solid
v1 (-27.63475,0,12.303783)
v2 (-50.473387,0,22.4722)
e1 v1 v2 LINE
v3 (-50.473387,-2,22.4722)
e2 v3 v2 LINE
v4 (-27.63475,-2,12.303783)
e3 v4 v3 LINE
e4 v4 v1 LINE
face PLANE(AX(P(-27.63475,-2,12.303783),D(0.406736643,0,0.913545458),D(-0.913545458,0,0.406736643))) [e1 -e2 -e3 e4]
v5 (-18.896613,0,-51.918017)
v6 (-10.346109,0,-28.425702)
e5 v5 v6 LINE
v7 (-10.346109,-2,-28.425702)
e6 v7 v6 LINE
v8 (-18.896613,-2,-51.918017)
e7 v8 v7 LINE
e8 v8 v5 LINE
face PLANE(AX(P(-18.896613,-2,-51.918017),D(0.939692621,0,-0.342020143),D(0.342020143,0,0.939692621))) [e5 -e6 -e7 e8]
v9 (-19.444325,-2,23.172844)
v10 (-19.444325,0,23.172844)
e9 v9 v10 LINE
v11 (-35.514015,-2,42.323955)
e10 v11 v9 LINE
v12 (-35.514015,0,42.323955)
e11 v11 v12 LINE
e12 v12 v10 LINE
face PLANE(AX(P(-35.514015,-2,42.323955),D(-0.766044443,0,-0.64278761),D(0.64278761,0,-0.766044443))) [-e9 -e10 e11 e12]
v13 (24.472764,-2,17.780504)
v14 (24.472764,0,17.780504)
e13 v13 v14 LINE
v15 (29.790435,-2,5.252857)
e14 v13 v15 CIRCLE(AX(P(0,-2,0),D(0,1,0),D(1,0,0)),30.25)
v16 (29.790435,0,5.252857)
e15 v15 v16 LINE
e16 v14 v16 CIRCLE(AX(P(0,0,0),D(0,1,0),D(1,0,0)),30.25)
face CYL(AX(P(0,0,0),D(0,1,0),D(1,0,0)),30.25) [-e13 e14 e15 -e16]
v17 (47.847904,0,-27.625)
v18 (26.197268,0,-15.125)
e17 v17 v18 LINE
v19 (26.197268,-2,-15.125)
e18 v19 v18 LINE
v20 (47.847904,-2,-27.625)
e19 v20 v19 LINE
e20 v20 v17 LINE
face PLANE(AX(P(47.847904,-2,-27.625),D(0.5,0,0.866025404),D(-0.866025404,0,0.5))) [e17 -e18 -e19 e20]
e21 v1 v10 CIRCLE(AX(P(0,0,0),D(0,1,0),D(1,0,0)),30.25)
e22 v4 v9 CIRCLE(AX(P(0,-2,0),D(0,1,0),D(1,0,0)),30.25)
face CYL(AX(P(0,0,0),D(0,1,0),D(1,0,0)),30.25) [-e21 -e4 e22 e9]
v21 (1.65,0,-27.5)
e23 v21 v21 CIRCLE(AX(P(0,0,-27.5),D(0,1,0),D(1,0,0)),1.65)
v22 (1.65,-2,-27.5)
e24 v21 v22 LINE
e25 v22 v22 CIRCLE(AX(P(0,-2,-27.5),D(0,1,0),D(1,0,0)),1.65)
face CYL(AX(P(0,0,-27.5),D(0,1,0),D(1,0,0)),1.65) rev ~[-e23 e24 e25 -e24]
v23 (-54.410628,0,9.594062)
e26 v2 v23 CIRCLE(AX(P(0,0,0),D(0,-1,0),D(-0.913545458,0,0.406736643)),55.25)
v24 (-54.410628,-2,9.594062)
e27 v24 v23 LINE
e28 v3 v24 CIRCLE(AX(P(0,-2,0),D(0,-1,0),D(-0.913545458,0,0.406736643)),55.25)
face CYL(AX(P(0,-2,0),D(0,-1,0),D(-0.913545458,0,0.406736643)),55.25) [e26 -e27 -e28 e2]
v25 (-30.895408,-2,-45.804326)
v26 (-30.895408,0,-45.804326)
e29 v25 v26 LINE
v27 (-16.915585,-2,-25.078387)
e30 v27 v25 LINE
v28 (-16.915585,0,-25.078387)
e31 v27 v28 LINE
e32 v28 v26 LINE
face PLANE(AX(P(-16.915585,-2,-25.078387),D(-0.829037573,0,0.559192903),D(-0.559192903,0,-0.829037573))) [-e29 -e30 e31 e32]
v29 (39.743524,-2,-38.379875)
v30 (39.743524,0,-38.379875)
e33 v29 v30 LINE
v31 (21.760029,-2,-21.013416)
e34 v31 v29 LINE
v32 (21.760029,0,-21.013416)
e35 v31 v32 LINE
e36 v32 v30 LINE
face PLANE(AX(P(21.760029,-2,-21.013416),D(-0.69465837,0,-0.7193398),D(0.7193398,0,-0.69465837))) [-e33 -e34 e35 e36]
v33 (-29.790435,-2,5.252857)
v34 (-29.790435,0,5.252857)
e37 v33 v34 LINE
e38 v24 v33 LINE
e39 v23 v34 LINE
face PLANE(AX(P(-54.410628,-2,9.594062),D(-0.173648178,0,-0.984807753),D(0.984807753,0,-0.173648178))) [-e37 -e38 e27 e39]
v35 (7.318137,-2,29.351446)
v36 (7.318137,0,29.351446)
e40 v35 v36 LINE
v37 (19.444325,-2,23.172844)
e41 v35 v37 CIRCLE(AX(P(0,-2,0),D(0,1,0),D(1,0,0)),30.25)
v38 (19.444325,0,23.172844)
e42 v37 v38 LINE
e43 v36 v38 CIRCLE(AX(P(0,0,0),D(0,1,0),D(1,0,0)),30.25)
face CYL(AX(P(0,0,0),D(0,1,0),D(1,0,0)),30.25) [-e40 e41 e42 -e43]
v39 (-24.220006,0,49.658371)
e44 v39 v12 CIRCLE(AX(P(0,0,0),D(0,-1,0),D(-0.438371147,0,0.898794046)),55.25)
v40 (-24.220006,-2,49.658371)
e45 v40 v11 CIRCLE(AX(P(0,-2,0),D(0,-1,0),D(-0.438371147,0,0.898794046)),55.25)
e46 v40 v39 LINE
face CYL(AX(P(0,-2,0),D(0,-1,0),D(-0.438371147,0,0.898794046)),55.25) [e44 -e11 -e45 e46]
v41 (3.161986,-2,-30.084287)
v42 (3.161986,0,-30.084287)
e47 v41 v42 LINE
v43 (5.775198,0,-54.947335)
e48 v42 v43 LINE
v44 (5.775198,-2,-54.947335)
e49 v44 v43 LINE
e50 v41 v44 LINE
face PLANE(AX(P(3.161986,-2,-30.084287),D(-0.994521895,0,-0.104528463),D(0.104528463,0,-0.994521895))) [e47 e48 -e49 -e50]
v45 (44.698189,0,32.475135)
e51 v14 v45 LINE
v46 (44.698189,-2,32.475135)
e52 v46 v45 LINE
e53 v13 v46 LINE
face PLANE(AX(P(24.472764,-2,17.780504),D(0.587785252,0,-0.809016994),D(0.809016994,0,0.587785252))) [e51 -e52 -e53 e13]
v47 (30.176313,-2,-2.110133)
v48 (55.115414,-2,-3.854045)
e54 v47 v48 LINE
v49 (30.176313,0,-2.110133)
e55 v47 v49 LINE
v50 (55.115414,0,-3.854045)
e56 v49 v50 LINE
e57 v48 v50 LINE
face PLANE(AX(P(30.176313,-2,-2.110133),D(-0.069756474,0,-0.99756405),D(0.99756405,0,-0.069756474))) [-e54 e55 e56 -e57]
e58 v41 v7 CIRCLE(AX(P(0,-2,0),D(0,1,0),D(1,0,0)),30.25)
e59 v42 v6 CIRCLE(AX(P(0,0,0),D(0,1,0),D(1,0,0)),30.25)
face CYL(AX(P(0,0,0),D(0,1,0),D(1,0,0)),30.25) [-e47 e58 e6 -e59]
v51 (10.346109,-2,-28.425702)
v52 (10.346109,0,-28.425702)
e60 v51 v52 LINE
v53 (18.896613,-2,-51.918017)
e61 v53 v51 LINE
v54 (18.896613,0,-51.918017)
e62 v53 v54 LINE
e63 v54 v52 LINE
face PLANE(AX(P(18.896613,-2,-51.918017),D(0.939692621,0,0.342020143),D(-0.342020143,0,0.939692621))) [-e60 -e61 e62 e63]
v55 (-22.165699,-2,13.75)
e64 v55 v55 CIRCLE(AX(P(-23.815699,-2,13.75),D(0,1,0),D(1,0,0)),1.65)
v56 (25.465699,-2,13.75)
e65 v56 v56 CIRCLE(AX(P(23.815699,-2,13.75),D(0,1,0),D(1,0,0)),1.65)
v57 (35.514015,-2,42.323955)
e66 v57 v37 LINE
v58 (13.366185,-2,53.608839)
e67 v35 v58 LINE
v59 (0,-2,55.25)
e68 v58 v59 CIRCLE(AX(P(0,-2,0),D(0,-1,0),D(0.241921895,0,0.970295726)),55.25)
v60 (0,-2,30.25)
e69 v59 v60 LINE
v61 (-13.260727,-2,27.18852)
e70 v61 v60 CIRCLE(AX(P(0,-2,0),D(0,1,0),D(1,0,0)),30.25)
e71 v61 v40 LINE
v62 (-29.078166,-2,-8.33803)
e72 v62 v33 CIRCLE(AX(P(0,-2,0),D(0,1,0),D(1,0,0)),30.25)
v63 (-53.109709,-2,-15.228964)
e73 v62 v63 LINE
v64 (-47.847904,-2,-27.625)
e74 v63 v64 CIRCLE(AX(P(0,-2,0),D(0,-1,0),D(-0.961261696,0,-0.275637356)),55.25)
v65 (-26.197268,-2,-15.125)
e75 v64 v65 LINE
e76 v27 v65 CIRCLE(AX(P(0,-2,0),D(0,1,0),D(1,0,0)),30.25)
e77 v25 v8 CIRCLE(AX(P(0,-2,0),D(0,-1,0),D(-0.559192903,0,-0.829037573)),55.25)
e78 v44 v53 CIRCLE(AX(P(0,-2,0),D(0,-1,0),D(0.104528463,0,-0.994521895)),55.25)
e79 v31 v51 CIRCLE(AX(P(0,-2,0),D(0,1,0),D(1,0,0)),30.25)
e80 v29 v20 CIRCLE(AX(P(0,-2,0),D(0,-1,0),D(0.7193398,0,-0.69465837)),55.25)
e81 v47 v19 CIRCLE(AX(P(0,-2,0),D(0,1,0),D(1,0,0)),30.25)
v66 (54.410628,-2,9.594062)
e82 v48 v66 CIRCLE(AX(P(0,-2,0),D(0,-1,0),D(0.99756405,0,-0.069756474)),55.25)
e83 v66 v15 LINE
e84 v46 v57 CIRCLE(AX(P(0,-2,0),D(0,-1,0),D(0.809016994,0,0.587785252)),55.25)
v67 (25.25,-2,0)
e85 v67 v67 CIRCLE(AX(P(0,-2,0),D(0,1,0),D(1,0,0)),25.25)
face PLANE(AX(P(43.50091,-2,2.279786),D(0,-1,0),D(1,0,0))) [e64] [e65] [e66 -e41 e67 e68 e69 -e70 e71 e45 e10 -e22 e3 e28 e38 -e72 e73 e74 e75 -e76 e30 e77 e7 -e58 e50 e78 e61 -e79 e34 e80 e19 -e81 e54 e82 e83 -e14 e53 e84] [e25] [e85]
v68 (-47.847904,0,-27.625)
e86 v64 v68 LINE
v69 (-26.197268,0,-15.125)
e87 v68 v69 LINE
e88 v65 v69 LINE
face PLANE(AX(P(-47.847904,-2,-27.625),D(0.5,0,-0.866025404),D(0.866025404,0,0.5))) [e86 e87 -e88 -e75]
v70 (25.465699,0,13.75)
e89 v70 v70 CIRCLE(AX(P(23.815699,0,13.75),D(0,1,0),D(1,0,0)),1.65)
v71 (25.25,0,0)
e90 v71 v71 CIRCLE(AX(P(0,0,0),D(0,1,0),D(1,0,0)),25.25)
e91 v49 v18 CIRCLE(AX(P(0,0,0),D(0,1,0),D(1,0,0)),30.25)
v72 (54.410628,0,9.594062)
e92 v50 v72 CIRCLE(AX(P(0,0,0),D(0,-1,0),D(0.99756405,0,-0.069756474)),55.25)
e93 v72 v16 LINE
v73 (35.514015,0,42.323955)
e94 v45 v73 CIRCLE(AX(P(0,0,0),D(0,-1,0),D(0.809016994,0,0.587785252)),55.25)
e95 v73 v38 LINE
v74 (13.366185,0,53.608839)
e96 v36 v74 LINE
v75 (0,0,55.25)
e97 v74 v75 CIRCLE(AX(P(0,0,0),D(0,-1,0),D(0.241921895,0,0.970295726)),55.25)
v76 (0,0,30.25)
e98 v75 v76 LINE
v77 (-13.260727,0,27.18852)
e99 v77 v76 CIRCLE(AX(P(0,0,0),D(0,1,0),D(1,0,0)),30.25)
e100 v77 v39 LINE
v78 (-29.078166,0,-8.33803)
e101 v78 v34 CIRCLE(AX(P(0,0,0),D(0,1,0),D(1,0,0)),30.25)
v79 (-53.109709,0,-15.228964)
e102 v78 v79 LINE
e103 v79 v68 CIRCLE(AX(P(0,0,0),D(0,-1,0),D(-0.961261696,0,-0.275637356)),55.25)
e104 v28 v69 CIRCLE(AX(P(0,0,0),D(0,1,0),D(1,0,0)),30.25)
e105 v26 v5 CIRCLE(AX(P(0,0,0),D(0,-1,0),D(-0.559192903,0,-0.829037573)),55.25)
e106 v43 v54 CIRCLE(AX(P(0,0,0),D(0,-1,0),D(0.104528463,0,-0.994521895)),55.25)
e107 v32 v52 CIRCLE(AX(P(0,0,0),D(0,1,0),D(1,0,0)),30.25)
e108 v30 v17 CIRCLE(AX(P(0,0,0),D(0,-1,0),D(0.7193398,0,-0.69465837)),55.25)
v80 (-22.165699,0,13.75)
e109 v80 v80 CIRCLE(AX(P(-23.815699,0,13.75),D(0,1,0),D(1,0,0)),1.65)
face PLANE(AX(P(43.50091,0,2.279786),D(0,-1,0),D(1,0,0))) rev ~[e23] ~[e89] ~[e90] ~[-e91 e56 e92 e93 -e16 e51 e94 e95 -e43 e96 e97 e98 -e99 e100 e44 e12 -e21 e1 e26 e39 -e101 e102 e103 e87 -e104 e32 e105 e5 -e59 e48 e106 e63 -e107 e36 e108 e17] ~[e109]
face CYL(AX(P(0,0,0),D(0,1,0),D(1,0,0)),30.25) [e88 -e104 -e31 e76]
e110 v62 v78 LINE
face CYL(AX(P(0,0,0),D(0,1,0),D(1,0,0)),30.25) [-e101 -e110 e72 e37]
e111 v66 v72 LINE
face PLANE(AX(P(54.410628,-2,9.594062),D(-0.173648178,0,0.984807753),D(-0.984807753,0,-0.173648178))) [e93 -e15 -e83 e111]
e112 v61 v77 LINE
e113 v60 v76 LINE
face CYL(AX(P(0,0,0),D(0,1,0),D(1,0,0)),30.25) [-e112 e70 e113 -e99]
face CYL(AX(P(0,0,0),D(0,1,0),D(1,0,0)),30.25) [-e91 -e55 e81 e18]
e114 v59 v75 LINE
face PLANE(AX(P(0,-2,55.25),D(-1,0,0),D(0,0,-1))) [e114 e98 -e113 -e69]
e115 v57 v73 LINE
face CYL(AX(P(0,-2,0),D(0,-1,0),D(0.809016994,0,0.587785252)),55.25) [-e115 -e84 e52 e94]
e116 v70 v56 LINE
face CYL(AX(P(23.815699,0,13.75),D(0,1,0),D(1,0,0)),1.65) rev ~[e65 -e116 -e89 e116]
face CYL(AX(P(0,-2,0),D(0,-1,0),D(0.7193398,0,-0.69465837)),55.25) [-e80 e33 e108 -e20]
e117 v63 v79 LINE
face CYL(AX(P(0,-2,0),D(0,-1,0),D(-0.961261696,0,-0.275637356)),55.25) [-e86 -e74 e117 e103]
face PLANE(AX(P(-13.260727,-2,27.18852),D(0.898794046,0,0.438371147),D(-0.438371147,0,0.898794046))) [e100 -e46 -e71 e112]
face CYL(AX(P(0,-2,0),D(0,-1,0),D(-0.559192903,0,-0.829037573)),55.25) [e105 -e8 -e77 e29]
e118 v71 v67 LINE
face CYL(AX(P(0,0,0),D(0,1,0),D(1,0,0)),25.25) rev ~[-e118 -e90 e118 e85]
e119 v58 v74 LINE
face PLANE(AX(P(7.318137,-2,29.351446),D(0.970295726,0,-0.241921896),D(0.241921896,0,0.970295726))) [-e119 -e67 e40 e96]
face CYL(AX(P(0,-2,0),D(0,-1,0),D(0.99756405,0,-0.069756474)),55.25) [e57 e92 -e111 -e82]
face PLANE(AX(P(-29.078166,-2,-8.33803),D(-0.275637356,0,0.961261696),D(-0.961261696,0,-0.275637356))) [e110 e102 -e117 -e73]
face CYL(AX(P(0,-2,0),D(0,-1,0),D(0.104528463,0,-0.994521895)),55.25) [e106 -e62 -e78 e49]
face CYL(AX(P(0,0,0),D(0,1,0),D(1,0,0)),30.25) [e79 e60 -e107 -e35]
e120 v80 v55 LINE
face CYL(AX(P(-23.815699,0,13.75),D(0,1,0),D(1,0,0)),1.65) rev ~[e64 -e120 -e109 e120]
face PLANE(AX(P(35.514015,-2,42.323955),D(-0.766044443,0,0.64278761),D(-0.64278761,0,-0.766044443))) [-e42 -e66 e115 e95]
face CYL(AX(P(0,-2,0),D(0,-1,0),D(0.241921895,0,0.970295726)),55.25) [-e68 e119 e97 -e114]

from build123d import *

# Parameters (mm, degrees)
SKETCH1_R           = 30.25
SKETCH1_R_2         = 25.25
EXTRUDE_THIN1_DEPTH = 2
SKETCH2_R           = 1.65
CUT_EXTRUDE3_DEPTH  = 10
BOSS_EXTRUDE1_DEPTH = 2


with BuildPart() as part:
    # Sketch1 → Extrude-Thin1 (new body)
    with BuildSketch(Plane(origin=(0, 0, 0), x_dir=(1, 0, 0), z_dir=(0, 1, 0))):
        Circle(SKETCH1_R)
        Circle(SKETCH1_R_2, mode=Mode.SUBTRACT)
    extrude(amount=-EXTRUDE_THIN1_DEPTH)

    # Sketch2 → Cut-Extrude3 (cut)
    with BuildSketch(Plane(origin=(0, 0, 0), x_dir=(1, 0, 0), z_dir=(0, 1, 0))):
        with Locations((0, 27.5)):
            Circle(SKETCH2_R)
        with Locations((23.815698604, -13.75)):
            Circle(SKETCH2_R)
        with Locations((-23.815698604, -13.75)):
            Circle(SKETCH2_R)
    extrude(amount=-CUT_EXTRUDE3_DEPTH, mode=Mode.SUBTRACT)

    # Sketch5 → Boss-Extrude1 (add)
    with BuildSketch(Plane.XZ.offset(2)):
        with BuildLine():
            Line((0, 55.25), (0, 30.25))
            ThreePointArc((0, 30.25), (3.686547638, 30.024521087), (7.318137342, 29.35144572))
            Line((7.318137342, 29.35144572), (13.366184732, 53.608838877))
            ThreePointArc((13.366184732, 53.608838877), (6.733281223, 54.838174878), (0, 55.25))
        make_face()
        with BuildLine():
            Line((35.514015435, 42.323955482), (19.444325193, 23.172844404))
            ThreePointArc((19.444325193, 23.172844404), (22.123449474, 20.630450392), (24.47276408, 17.780503882))
            Line((24.47276408, 17.780503882), (44.698188939, 32.475135189))
            ThreePointArc((44.698188939, 32.475135189), (40.407292014, 37.680409393), (35.514015435, 42.323955482))
        make_face()
        with BuildLine():
            Line((54.410628354, 9.594061816), (29.790434529, 5.252857374))
            ThreePointArc((29.790434529, 5.252857374), (30.208543426, 1.583162676), (30.17631252, -2.110133331))
            Line((30.17631252, -2.110133331), (55.115413777, -3.854045174))
            ThreePointArc((55.115413777, -3.854045174), (55.174281795, 2.891561582), (54.410628354, 9.594061816))
        make_face()
        with BuildLine():
            Line((47.847903559, -27.625), (26.197268464, -15.125))
            ThreePointArc((26.197268464, -15.125), (24.158724179, -18.20490445), (21.76002896, -21.013415706))
            Line((21.76002896, -21.013415706), (39.743523969, -38.379874968))
            ThreePointArc((39.743523969, -38.379874968), (44.12461193, -33.250280029), (47.847903559, -27.625))
        make_face()
        with BuildLine():
            Line((18.896612919, -51.918017298), (10.346109336, -28.425701779))
            ThreePointArc((10.346109336, -28.425701779), (6.804769394, -29.47469446), (3.161986014, -30.084287335))
            Line((3.161986014, -30.084287335), (5.775197596, -54.947334719))
            ThreePointArc((5.775197596, -54.947334719), (12.428545752, -53.833946079), (18.896612919, -51.918017298))
        make_face()
        with BuildLine():
            Line((-18.896612919, -51.918017298), (-10.346109336, -28.425701779))
            ThreePointArc((-10.346109336, -28.425701779), (-13.733212617, -26.952947357), (-16.91558533, -25.07838657))
            Line((-16.91558533, -25.07838657), (-30.895407917, -45.804325884))
            ThreePointArc((-30.895407917, -45.804325884), (-25.082975111, -49.228110461), (-18.896612919, -51.918017298))
        make_face()
        with BuildLine():
            Line((-47.847903559, -27.625), (-26.197268464, -15.125))
            ThreePointArc((-26.197268464, -15.125), (-27.845271817, -11.819616637), (-29.078166302, -8.338030013))
            Line((-29.078166302, -8.338030013), (-53.109708701, -15.228963909))
            ThreePointArc((-53.109708701, -15.228963909), (-50.857893153, -21.587894849), (-47.847903559, -27.625))
        make_face()
        with BuildLine():
            Line((-54.410628354, 9.594061816), (-29.790434529, 5.252857374))
            ThreePointArc((-29.790434529, 5.252857374), (-28.928218868, 8.844244068), (-27.634750094, 12.303783453))
            Line((-27.634750094, 12.303783453), (-50.473386535, 22.47219953))
            ThreePointArc((-50.473386535, 22.47219953), (-52.835837767, 16.153536686), (-54.410628354, 9.594061816))
        make_face()
        with BuildLine():
            Line((-35.514015435, 42.323955482), (-19.444325193, 23.172844404))
            ThreePointArc((-19.444325193, 23.172844404), (-16.475330809, 25.36978468), (-13.26072719, 27.188519901))
            Line((-13.26072719, 27.188519901), (-24.22000586, 49.658371058))
            ThreePointArc((-24.22000586, 49.658371058), (-30.091306685, 46.336548879), (-35.514015435, 42.323955482))
        make_face()
    extrude(amount=-BOSS_EXTRUDE1_DEPTH)


solid = part.part
